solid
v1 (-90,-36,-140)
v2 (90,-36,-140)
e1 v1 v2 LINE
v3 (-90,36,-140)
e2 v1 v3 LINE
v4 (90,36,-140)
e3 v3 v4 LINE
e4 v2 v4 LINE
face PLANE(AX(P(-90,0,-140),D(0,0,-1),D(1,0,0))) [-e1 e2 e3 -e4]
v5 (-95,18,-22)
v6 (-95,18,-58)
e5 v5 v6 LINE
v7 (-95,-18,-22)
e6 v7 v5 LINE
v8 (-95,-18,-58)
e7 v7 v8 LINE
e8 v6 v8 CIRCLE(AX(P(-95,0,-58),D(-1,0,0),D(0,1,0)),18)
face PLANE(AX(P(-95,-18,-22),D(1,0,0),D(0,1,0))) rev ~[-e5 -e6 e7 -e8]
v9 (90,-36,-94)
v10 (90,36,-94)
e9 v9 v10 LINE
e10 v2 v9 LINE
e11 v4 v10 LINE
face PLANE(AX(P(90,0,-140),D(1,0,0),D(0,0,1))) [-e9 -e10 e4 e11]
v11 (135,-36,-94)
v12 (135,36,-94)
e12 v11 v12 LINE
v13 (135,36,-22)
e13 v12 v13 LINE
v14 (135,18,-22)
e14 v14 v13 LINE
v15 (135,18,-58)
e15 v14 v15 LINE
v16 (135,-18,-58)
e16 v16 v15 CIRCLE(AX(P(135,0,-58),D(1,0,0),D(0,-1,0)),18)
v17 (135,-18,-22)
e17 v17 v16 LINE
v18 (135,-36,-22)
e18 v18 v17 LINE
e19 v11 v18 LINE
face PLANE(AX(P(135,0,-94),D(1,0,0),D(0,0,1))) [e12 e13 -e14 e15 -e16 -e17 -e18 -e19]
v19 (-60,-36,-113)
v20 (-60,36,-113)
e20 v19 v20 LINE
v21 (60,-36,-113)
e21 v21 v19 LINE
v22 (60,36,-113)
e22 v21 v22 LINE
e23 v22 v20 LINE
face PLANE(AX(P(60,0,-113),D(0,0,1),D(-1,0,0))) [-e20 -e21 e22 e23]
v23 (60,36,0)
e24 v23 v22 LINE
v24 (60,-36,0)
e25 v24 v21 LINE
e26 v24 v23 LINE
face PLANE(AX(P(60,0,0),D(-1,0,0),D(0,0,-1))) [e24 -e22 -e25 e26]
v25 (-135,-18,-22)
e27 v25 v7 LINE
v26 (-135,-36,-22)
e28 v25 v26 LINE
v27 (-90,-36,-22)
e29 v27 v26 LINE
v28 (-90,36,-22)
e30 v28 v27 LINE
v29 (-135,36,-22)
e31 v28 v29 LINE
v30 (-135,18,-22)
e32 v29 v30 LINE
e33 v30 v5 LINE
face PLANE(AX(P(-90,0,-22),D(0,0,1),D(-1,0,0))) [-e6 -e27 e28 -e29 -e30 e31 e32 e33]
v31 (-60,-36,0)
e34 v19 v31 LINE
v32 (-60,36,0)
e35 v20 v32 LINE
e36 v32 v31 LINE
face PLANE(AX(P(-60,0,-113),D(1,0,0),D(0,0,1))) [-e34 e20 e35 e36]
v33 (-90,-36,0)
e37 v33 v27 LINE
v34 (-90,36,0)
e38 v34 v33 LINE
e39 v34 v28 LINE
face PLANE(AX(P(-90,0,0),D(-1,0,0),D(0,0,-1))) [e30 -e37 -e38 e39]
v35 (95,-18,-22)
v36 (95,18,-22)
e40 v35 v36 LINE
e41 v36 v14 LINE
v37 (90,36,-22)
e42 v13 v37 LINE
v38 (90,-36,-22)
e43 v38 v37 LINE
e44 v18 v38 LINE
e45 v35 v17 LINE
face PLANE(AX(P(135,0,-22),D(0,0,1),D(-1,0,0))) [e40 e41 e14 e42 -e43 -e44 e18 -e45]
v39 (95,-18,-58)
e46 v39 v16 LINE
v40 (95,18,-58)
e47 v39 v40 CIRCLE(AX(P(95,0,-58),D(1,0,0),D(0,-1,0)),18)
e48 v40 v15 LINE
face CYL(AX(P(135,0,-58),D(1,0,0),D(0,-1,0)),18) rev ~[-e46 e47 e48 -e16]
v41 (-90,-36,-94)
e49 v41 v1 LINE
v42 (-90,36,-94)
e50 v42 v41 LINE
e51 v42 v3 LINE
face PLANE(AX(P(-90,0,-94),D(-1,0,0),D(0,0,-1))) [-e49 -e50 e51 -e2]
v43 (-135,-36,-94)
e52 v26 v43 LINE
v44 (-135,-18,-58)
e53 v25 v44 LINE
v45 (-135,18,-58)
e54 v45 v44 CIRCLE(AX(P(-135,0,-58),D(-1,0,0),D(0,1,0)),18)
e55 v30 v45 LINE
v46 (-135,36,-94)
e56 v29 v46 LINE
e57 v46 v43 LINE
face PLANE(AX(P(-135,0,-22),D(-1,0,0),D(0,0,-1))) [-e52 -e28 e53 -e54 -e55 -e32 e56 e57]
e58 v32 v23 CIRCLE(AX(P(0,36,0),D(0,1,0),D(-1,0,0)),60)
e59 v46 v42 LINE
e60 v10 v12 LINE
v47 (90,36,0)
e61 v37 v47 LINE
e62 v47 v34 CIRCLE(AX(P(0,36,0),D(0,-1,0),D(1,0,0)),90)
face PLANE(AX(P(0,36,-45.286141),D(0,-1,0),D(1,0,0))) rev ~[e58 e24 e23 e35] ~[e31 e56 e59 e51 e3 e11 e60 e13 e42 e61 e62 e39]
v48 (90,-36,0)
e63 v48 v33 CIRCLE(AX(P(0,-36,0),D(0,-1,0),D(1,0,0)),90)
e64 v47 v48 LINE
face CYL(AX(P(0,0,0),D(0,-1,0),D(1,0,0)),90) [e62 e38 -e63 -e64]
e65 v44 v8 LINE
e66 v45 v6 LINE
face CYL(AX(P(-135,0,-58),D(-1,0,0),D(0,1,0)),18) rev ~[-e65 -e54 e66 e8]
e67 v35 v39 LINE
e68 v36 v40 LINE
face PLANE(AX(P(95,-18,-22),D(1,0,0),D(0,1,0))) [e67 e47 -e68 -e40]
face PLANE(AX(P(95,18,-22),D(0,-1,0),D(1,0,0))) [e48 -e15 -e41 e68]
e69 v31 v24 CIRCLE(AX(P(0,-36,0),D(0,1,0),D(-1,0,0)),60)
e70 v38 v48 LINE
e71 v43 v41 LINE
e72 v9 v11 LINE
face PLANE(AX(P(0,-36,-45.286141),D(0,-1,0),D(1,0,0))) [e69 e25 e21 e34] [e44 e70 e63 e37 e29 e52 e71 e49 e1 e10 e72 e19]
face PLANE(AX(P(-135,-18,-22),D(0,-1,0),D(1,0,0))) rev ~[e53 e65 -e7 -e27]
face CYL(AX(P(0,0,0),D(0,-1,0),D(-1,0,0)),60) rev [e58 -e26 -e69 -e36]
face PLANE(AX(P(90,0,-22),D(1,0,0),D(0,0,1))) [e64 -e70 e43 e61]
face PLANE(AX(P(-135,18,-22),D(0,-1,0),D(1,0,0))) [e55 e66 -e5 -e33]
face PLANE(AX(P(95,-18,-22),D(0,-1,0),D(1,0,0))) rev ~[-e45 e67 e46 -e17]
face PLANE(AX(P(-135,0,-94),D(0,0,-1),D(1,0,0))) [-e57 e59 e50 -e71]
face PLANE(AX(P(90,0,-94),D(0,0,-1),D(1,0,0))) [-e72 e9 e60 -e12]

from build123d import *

# Parameters (mm, degrees)
F1_DEPTH = 36
F2_W     = 40
F2_H     = 36
F5_DEPTH = 36
F6_DEPTH = 40
F7_DEPTH = 40


with BuildPart() as f1:
    # F0 (on Front) → F1 (new body, symmetric)
    with BuildSketch(Plane.XZ):
        with BuildLine():
            Line((90, -22), (90, 0))
            ThreePointArc((90, 0), (0, 90), (-90, 0))
            Line((-90, 0), (-90, -22))
            Line((-90, -22), (-135, -22))
            Line((-135, -22), (-135, -94))
            Line((-135, -94), (-90, -94))
            Line((-90, -94), (-90, -140))
            Line((-90, -140), (90, -140))
            Line((90, -140), (90, -94))
            Line((90, -94), (135, -94))
            Line((135, -94), (135, -22))
            Line((135, -22), (90, -22))
        make_face()
        with BuildLine():
            ThreePointArc((-60, 0), (0, 60), (60, 0))
            Line((60, 0), (60, -113))
            Line((60, -113), (-60, -113))
            Line((-60, -113), (-60, 0))
        make_face(mode=Mode.SUBTRACT)
    extrude(amount=F1_DEPTH, both=True)

    # F2 (on face) → F5 (cut)
    with BuildSketch(Plane.XY.offset(-22)):
        with Locations((-115, 0)):
            Rectangle(F2_W, F2_H)
        with Locations((115, 0)):
            Rectangle(F2_W, F2_H)
    extrude(amount=-F5_DEPTH, mode=Mode.SUBTRACT)

    # F3 (on face) → F6 (cut)
    with BuildSketch(Plane(origin=(-135, 0, 0), x_dir=(0, -1, 0), z_dir=(-1, 0, 0))):
        with BuildLine():
            Line((18, -58), (-18, -58))
            ThreePointArc((-18, -58), (0, -76), (18, -58))
        make_face()
    extrude(amount=-F6_DEPTH, mode=Mode.SUBTRACT)

    # F4 (on face) → F7 (cut)
    with BuildSketch(Plane.YZ.offset(135)):
        with BuildLine():
            ThreePointArc((-18, -58), (0, -76), (18, -58))
            Line((18, -58), (-18, -58))
        make_face()
    extrude(amount=-F7_DEPTH, mode=Mode.SUBTRACT)


solid = f1.part
